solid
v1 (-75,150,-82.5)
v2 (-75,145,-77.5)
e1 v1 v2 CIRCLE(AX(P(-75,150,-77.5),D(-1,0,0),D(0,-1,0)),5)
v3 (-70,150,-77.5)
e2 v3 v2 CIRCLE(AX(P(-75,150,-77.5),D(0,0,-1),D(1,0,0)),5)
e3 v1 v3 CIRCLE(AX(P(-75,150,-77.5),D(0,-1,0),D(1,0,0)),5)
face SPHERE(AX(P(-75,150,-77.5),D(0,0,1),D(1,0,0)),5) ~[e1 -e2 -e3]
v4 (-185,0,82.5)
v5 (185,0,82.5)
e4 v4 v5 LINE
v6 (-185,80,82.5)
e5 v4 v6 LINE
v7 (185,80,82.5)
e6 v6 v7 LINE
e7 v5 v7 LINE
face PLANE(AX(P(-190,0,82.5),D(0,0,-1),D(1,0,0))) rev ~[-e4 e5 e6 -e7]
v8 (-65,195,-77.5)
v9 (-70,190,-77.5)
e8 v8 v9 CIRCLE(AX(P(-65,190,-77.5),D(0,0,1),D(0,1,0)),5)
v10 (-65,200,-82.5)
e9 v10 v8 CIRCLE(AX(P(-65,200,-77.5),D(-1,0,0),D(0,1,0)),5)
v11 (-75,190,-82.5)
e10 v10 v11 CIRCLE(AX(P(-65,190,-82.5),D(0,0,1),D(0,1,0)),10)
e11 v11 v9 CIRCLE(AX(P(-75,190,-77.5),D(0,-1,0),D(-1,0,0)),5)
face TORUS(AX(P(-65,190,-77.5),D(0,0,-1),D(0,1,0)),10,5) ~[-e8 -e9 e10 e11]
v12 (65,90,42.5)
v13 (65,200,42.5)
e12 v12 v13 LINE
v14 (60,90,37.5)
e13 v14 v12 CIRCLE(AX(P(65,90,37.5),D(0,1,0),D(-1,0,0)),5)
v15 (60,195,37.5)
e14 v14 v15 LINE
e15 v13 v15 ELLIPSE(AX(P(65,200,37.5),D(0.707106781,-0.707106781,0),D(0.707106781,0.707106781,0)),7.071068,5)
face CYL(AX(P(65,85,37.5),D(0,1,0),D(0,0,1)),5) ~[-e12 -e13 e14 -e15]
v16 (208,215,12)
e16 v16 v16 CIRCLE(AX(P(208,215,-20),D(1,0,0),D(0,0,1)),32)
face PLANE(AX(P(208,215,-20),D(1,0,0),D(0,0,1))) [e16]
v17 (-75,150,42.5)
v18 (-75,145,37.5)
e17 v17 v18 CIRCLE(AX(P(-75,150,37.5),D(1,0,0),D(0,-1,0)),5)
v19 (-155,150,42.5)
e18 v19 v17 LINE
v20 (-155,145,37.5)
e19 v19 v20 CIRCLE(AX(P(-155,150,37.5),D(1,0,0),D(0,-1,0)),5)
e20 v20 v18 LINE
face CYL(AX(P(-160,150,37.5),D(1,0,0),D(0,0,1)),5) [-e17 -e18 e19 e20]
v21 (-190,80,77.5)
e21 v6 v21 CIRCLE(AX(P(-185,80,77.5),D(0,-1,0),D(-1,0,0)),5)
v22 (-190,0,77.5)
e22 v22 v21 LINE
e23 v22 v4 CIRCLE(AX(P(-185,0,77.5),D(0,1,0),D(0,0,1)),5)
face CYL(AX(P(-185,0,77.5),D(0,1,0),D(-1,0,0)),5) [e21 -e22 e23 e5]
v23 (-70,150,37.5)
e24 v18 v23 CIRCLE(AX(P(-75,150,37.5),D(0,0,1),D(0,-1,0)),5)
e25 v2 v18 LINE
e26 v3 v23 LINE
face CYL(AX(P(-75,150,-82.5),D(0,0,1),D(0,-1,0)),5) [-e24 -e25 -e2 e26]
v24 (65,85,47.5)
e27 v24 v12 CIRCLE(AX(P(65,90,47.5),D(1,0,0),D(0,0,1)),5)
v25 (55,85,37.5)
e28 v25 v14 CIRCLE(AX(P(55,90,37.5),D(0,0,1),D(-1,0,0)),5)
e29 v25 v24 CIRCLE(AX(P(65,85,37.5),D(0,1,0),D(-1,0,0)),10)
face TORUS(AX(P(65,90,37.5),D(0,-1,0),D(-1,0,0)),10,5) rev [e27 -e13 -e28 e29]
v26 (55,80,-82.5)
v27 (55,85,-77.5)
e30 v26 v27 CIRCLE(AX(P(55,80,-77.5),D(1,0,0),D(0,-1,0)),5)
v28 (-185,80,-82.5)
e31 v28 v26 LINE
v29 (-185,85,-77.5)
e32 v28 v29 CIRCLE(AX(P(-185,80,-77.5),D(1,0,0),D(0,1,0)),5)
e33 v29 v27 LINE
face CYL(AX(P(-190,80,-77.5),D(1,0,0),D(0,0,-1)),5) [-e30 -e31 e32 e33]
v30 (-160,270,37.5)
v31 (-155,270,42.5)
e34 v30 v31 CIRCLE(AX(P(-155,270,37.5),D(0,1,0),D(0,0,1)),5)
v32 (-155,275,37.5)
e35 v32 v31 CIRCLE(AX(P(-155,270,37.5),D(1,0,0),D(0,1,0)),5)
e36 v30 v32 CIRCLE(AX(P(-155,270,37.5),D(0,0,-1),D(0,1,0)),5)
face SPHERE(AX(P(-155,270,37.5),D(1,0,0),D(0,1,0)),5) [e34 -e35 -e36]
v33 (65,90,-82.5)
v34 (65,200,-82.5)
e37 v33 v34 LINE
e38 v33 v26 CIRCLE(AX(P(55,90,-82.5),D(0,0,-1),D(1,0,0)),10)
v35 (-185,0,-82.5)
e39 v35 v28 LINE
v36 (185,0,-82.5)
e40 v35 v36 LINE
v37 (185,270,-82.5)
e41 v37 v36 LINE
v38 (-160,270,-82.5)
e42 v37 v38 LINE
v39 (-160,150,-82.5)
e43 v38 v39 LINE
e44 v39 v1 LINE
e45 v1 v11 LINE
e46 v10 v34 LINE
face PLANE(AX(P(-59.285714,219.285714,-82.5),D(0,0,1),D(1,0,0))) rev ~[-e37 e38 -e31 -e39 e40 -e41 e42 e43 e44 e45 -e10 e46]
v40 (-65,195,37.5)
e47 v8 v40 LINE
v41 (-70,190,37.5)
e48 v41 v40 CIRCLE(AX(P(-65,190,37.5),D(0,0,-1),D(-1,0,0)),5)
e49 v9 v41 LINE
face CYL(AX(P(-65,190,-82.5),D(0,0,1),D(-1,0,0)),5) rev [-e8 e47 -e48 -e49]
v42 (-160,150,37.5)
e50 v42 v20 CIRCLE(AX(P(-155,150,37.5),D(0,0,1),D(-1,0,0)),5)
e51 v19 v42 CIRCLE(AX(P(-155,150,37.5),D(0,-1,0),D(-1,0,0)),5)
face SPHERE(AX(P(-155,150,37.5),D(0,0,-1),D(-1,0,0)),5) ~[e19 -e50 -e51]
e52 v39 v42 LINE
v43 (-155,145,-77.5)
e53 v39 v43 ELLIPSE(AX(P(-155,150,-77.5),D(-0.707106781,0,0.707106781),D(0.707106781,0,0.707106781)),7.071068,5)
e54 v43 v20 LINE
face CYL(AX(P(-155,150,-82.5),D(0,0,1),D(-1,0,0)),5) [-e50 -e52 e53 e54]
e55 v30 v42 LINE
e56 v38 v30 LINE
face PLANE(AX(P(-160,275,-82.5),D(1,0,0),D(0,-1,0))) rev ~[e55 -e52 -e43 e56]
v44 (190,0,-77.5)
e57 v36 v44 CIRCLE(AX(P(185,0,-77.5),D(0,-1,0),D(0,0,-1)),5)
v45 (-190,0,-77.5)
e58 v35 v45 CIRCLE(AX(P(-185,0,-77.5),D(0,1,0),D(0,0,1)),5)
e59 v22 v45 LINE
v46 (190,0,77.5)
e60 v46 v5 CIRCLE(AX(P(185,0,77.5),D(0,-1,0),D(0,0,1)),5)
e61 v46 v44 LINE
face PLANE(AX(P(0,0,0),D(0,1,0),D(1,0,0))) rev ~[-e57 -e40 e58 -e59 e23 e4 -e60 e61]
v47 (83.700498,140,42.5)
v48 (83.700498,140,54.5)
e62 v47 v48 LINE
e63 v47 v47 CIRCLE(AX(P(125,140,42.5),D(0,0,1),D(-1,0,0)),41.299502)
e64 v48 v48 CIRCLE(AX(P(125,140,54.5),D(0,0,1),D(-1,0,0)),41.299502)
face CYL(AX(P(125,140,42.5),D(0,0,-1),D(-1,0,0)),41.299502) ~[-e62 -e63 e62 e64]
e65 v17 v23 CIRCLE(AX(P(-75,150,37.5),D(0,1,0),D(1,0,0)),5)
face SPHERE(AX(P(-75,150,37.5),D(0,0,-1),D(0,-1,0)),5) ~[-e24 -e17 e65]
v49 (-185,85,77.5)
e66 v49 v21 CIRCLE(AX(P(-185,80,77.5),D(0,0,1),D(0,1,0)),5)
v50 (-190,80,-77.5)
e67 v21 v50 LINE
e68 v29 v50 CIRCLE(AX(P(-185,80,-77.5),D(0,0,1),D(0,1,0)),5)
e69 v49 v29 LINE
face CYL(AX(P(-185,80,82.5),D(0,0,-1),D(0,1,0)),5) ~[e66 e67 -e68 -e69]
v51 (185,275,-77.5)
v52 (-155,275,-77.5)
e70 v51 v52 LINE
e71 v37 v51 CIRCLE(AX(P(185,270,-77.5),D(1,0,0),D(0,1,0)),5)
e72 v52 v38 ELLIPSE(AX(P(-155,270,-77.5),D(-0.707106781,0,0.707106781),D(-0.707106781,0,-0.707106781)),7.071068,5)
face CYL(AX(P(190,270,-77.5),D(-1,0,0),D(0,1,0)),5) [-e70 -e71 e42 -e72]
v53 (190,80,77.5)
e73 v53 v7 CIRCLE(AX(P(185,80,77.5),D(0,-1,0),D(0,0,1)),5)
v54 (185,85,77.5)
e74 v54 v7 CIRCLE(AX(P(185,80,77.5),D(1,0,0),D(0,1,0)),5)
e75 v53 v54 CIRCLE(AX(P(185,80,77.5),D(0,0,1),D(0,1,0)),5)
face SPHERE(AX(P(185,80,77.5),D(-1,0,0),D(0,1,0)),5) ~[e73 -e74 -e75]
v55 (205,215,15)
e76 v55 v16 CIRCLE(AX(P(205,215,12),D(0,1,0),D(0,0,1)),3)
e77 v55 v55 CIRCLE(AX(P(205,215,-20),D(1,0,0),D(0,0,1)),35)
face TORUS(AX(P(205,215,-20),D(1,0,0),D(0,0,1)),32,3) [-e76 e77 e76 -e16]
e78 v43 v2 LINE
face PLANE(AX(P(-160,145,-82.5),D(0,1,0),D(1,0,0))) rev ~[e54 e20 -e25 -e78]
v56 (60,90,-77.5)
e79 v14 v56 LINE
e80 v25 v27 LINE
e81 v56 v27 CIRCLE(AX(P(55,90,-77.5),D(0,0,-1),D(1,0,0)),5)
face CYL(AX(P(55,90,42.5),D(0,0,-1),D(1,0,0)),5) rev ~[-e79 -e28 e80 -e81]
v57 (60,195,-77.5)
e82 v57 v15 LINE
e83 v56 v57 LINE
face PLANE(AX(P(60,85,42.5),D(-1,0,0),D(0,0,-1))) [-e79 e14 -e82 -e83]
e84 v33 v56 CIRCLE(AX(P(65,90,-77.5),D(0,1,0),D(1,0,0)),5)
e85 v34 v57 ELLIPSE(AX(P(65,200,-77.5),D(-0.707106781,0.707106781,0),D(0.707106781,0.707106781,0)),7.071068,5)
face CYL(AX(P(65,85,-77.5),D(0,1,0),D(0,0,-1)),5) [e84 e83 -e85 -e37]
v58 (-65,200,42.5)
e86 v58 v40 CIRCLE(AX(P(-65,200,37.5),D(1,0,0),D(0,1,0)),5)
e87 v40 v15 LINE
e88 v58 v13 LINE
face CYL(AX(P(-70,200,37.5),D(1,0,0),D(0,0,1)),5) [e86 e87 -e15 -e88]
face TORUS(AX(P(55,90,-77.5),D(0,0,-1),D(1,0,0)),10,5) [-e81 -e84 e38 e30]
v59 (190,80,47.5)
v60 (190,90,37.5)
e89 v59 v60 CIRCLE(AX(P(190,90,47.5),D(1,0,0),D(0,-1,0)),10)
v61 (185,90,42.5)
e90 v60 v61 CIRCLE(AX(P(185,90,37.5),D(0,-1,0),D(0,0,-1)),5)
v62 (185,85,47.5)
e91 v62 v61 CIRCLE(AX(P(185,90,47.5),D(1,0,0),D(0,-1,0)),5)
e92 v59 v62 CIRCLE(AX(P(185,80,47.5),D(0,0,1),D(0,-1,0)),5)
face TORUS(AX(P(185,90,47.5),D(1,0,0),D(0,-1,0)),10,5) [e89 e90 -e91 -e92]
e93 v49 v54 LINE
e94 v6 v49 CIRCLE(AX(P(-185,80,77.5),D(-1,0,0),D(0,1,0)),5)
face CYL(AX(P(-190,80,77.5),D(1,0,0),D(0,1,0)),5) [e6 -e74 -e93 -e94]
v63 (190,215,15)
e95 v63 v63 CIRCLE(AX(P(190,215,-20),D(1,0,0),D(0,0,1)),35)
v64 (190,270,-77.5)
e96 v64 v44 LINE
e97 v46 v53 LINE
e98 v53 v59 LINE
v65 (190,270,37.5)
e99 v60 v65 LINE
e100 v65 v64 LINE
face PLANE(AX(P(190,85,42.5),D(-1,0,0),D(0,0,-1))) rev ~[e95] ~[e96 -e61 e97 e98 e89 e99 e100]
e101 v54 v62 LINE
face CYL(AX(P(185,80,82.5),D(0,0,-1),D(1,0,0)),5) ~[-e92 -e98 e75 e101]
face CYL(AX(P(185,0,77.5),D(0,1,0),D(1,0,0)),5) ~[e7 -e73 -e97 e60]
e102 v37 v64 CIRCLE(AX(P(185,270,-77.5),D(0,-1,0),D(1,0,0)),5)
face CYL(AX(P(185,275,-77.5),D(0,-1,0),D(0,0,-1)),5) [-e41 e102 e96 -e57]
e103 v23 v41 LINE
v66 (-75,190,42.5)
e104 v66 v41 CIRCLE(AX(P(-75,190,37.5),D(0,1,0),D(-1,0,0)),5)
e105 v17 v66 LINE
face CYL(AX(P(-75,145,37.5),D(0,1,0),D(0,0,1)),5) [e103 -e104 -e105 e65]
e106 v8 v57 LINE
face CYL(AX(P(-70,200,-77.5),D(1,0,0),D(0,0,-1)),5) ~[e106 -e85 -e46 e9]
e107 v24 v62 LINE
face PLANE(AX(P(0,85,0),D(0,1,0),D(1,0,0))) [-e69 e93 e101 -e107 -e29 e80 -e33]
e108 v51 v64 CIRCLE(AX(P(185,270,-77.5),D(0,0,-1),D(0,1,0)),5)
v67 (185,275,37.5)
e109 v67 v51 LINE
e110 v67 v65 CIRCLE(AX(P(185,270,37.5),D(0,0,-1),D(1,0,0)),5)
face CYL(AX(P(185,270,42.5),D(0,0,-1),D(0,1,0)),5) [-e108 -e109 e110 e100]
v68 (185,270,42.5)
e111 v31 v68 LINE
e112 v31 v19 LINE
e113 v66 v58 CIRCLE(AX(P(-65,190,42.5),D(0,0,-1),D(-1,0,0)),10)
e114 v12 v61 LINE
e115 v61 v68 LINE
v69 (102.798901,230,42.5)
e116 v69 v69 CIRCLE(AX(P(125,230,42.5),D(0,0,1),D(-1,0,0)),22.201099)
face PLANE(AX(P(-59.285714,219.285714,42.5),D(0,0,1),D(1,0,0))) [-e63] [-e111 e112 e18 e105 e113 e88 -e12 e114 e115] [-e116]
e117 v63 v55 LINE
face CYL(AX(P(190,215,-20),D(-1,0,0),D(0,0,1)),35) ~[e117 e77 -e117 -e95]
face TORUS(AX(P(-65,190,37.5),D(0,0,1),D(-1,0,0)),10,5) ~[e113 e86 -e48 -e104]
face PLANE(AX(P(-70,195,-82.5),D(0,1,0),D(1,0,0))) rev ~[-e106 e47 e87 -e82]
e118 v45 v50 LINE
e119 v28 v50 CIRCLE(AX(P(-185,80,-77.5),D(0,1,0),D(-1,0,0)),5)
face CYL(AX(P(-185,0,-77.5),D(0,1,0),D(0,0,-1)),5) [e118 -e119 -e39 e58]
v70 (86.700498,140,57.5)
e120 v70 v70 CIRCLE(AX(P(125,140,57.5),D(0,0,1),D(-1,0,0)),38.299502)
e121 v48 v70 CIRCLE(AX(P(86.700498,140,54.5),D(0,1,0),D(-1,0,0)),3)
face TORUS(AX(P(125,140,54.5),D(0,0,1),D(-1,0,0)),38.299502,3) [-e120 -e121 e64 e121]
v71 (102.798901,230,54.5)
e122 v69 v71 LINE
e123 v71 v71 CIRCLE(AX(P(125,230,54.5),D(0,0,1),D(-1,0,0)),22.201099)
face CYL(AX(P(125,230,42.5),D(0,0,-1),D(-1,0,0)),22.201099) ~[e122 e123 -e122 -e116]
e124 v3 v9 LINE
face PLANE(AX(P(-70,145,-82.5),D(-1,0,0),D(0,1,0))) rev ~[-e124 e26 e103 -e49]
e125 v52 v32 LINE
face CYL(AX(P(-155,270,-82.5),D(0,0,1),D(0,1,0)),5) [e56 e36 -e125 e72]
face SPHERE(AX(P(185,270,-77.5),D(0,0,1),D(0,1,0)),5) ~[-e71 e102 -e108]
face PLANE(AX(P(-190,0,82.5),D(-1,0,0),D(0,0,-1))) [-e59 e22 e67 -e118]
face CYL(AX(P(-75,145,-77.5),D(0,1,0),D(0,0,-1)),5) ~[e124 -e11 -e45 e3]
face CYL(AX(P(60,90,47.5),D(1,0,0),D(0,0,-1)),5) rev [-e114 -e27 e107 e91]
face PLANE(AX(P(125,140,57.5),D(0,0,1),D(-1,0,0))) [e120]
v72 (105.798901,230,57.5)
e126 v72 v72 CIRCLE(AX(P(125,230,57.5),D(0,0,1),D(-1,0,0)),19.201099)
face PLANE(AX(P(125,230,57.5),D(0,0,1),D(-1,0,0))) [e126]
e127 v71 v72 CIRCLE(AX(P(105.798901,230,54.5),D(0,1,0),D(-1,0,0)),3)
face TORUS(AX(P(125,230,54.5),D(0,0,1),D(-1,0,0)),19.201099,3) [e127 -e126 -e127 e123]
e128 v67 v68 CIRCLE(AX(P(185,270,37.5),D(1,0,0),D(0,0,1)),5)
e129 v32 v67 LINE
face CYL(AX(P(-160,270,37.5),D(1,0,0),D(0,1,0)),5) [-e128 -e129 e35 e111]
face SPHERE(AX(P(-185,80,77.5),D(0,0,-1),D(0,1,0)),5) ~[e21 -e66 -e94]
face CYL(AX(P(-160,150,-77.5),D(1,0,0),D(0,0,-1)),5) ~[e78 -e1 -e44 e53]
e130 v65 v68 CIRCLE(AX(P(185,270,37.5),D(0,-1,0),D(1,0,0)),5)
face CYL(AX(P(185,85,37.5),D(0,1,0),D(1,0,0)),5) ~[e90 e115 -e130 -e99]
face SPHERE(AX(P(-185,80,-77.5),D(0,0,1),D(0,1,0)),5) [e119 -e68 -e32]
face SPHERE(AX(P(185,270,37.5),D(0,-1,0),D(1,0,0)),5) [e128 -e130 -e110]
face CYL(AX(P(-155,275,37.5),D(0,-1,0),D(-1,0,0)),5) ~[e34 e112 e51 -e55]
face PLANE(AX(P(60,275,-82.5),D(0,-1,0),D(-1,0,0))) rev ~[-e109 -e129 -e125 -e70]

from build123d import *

# Parameters (mm, degrees)
SKETCH1_W           = 380
SKETCH1_H           = 165
BOSS_EXTRUDE1_DEPTH = 85
SKETCH2_W           = 130
SKETCH2_H           = 125
BOSS_EXTRUDE2_DEPTH = 190
BOSS_EXTRUDE3_DEPTH = 125
SKETCH5_R           = 35
BOSS_EXTRUDE4_DEPTH = 18
FILLET1_R           = 5
SKETCH6_R           = 22.201098979
SKETCH6_R_2         = 41.299501956
BOSS_EXTRUDE5_DEPTH = 15
FILLET2_R           = 3


with BuildPart() as part:
    # Sketch1 → Boss-Extrude1 (new body)
    with BuildSketch(Plane(origin=(0, 0, 0), x_dir=(1, 0, 0), z_dir=(0, 1, 0))):
        Rectangle(SKETCH1_W, SKETCH1_H)
    extrude(amount=BOSS_EXTRUDE1_DEPTH)

    # Sketch2 → Boss-Extrude2 (add)
    with BuildSketch(Plane(origin=(0, 85, 0), x_dir=(1, 0, 0), z_dir=(0, 1, 0))):
        with Locations((125, 20)):
            Rectangle(SKETCH2_W, SKETCH2_H)
    extrude(amount=BOSS_EXTRUDE2_DEPTH)

    # Sketch3 → Boss-Extrude3 (add)
    with BuildSketch(Plane(origin=(0, 0, -82.5), x_dir=(-1, 0, 0), z_dir=(0, 0, -1))):
        Polygon((-60, 275), (160, 275), (160, 145), (70, 145), (70, 195), (-60, 195), align=None)
    extrude(amount=-BOSS_EXTRUDE3_DEPTH)

    # Sketch5 → Boss-Extrude4 (add)
    with BuildSketch(Plane(origin=(190, 0, 0), x_dir=(0, 0, -1), z_dir=(1, 0, 0))):
        with Locations(Location((20, 215, 0), (0, 0, 180))):
            Circle(SKETCH5_R)
    extrude(amount=BOSS_EXTRUDE4_DEPTH)

    # Fillet1
    fillet1_edges = [part.edges().sort_by_distance(p)[0] for p in [
        (-190, 85, 0),
        (-65, 85, -82.5),
        (190, 180, 42.5),
        (60, 85, -20),
        (0, 85, 82.5),
        (125, 85, 42.5),
        (190, 275, -20),
        (15, 275, -82.5),
        (15, 275, 42.5),
        (60, 140, 42.5),
        (60, 140, -82.5),
        (-160, 275, -20),
        (-160, 145, -20),
        (-70, 145, -20),
        (-70, 195, -20),
        (-5, 195, -82.5),
        (-70, 170, -82.5),
        (-115, 145, -82.5),
        (-160, 210, 42.5),
        (-115, 145, 42.5),
        (-70, 170, 42.5),
        (-5, 195, 42.5),
        (190, 85, 62.5),
        (190, 42.5, 82.5),
        (-190, 42.5, 82.5),
        (-190, 42.5, -82.5),
        (190, 137.5, -82.5),
    ]]
    fillet(fillet1_edges, radius=FILLET1_R)

    # Sketch6 → Boss-Extrude5 (add)
    with BuildSketch(Plane.XY.offset(42.5)):
        with Locations(Location((125, 230, 0), (0, 0, 180))):
            Circle(SKETCH6_R)
        with Locations(Location((125, 140, 0), (0, 0, 180))):
            Circle(SKETCH6_R_2)
    extrude(amount=BOSS_EXTRUDE5_DEPTH)

    # Fillet2
    fillet2_edges = [part.edges().sort_by_distance(p)[0] for p in [
        (147.201098979, 230, 57.5),
        (166.299501956, 140, 57.5),
        (208, 215, -55),
    ]]
    fillet(fillet2_edges, radius=FILLET2_R)


solid = part.part
